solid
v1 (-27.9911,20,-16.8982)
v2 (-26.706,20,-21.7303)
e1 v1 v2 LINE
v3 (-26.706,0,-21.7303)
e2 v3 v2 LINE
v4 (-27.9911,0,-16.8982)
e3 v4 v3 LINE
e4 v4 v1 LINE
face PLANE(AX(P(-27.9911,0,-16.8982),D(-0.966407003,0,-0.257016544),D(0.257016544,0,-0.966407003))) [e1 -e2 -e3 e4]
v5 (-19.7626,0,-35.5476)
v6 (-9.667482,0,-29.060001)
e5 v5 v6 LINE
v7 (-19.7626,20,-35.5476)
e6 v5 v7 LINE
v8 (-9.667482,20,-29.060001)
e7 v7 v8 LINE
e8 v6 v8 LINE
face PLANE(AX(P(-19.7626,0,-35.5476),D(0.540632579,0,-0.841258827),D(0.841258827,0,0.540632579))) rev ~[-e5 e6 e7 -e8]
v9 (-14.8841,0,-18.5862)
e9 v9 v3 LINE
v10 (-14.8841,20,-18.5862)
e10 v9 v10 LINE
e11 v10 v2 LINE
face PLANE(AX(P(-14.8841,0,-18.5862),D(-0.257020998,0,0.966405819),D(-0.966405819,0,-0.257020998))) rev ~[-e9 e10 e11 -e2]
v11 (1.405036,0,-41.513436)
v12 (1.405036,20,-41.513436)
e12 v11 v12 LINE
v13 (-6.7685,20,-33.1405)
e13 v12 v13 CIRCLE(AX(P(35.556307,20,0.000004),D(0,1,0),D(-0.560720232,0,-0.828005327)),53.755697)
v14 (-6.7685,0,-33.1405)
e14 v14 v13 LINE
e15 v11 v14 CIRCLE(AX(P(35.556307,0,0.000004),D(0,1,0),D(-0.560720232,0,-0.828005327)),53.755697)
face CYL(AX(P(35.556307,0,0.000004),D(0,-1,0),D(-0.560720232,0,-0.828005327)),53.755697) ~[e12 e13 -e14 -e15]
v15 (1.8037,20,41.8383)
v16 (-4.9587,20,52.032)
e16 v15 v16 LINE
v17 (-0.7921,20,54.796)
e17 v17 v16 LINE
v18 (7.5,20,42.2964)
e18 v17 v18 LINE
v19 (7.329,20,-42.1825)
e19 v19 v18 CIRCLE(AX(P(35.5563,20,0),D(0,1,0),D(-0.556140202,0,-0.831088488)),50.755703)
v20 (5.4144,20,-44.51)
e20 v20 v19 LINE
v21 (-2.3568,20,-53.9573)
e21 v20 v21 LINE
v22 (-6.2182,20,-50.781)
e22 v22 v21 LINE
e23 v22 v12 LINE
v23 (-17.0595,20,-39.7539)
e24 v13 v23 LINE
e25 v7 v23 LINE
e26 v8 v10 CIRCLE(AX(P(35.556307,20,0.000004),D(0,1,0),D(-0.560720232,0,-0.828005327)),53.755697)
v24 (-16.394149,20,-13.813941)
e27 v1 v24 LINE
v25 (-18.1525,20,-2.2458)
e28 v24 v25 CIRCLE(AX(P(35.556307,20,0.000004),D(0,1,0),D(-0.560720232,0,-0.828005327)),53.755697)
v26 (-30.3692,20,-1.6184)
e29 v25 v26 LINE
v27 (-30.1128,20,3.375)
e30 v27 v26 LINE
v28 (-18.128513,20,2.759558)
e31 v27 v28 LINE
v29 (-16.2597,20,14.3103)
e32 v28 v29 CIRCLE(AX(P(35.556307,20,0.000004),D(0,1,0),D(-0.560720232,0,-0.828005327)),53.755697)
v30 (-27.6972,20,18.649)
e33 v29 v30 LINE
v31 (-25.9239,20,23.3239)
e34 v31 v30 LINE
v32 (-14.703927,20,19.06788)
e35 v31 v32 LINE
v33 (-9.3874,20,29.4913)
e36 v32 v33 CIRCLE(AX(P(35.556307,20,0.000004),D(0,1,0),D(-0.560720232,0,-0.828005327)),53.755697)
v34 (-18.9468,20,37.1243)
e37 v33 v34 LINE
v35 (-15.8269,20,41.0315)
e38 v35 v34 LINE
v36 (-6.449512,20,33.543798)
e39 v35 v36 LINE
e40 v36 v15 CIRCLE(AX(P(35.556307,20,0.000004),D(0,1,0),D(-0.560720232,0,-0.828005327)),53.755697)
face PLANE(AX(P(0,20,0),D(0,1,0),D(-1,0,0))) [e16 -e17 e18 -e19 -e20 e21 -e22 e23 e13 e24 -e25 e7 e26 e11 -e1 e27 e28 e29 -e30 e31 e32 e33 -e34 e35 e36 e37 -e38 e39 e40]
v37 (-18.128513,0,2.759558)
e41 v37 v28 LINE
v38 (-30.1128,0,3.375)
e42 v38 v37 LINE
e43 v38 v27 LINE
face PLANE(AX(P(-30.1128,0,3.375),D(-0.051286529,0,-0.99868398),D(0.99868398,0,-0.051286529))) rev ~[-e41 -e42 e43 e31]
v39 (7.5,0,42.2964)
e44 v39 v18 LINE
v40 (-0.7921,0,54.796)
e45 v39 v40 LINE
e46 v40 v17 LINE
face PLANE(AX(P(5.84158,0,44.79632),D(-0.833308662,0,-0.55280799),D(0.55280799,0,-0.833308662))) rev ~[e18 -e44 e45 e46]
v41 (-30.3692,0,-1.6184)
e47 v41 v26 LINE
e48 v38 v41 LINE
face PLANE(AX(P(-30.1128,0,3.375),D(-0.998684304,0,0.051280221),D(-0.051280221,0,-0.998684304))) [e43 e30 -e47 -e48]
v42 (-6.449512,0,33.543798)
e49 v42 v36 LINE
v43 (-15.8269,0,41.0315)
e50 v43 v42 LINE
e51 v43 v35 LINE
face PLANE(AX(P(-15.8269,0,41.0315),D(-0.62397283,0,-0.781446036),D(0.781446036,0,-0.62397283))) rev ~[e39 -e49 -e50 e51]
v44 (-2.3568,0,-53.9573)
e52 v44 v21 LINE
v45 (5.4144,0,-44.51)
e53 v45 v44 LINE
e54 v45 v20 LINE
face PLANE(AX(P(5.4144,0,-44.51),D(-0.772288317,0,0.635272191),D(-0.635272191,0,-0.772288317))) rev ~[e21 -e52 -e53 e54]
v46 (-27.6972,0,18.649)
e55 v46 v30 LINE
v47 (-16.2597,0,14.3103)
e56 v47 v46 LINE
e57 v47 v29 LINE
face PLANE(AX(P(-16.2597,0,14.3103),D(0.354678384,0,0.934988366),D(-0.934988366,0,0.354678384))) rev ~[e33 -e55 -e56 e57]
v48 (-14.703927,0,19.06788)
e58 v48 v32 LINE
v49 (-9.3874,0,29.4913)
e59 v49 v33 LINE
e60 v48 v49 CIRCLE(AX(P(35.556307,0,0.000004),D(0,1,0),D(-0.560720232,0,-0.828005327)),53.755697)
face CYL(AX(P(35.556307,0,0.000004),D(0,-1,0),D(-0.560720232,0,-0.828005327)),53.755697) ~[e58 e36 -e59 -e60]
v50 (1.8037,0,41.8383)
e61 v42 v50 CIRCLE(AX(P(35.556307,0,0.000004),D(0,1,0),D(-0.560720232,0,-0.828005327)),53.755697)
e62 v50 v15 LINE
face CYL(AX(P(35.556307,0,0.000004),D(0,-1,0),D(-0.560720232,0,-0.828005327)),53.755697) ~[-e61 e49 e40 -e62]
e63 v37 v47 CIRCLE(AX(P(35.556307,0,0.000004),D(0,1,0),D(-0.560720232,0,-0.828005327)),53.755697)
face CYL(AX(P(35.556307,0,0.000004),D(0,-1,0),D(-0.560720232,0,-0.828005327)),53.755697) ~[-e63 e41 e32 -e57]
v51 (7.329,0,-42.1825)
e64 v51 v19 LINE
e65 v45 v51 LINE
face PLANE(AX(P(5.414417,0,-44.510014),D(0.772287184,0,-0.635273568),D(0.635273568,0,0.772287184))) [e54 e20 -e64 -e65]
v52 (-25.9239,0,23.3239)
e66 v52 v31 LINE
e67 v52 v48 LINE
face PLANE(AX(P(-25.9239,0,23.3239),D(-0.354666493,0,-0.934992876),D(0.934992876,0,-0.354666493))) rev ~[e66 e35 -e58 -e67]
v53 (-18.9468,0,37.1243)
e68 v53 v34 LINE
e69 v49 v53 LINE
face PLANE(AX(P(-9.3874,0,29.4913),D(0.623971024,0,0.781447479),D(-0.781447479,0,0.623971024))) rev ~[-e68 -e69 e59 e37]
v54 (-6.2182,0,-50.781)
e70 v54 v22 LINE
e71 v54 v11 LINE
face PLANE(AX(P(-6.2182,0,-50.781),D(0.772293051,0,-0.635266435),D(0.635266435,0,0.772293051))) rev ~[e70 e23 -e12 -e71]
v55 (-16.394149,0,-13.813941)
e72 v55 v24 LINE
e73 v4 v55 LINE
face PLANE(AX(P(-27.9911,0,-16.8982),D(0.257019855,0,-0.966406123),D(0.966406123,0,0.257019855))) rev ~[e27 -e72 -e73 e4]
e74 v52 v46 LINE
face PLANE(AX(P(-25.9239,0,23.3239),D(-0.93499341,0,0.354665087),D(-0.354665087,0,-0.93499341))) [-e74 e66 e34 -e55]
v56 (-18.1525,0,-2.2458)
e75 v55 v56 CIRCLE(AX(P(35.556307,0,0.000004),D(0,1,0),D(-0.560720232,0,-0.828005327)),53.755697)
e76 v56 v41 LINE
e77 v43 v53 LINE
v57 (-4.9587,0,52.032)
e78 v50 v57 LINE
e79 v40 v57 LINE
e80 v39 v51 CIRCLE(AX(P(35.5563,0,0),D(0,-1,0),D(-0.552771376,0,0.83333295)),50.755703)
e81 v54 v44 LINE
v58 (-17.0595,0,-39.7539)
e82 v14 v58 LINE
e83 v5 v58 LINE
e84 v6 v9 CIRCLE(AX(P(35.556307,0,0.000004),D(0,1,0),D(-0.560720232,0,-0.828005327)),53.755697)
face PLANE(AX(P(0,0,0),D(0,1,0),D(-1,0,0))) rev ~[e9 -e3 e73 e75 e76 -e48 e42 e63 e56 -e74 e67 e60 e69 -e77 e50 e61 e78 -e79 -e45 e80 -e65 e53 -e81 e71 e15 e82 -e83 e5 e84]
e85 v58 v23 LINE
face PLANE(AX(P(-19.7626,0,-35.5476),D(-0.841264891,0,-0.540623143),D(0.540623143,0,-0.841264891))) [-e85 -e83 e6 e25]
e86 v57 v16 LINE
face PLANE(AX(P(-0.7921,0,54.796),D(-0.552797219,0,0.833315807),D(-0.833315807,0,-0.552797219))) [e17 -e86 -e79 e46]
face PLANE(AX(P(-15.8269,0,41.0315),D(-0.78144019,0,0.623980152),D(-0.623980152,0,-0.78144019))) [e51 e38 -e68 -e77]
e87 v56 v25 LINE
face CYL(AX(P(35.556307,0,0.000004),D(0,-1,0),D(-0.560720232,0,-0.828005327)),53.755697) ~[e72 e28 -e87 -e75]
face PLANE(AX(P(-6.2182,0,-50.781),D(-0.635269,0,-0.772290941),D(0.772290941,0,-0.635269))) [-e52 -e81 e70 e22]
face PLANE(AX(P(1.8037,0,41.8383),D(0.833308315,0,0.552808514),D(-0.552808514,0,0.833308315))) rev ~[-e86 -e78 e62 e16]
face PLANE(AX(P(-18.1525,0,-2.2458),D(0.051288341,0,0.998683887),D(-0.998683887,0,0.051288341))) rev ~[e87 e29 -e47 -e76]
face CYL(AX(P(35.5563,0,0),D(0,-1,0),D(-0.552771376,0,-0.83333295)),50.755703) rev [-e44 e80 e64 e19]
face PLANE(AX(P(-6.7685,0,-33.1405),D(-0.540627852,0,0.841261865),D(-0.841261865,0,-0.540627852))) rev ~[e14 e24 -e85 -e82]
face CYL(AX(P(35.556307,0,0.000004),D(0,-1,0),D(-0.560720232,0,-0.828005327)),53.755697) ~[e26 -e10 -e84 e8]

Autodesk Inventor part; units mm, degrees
ref_plane "YZ Plane" through (0, 0, 0) normal (1, 0, 0) x (0, 1, 0)
ref_plane "XZ Plane" through (0, 0, 0) normal (0, 1, 0) x (-1, 0, 0)
ref_plane "XY Plane" through (0, 0, 0) normal (0, 0, 1) x (1, 0, 0)
sketch "Sketch1" plane through (0, 0, 0) normal (0, 1, 0) x (-1, 0, 0)
  line L0 (-34.333, 34.6818) -> (-49.333, 34.6818) construction
  line L1 (-34.333, -45.5191) -> (-34.333, 34.6818) construction
  line L2 (-34.333, 34.6818) -> (-49.333, -49.911) construction
  line L3 (-34.333, 34.6818) -> (-34.333, 29.6818) construction
  line L4 (-34.333, 19.6818) -> (-46.333, 19.6818) construction
  line L5 (-46.333, 19.6818) -> (-46.333, 29.6818) construction
  line L6 (-46.333, 29.6818) -> (-34.333, 29.6818) construction
  line L7 (-34.333, 3.6818) -> (-46.333, 3.6818) construction
  line L8 (-46.333, 3.6818) -> (-46.333, 13.6818) construction
  line L9 (-46.333, 13.6818) -> (-34.333, 13.6818) construction
  line L10 (-34.333, -12.3182) -> (-46.333, -12.3182) construction
  line L11 (-46.333, -12.3182) -> (-46.333, -2.3182) construction
  line L12 (-46.333, -2.3182) -> (-34.333, -2.3182) construction
  line L13 (-34.333, -28.3182) -> (-46.333, -28.3182) construction
  line L14 (-46.333, -28.3182) -> (-46.333, -18.3182) construction
  line L15 (-46.333, -18.3182) -> (-34.333, -18.3182) construction
  line L16 (-34.333, -44.3182) -> (-46.333, -44.3182) construction
  line L17 (-46.333, -44.3182) -> (-46.333, -34.3182) construction
  line L18 (-46.333, -34.3182) -> (-34.333, -34.3182) construction
  line L19 (-34.333, -60.3182) -> (-46.333, -60.3182) construction
  line L20 (-46.333, -60.3182) -> (-46.333, -50.3182) construction
  line L21 (-46.333, -50.3182) -> (-34.333, -50.3182) construction
  line L22 (-34.333, 19.6818) -> (-34.333, 13.6818) construction
  line L23 (-34.333, 3.6818) -> (-34.333, -2.3182) construction
  line L24 (-34.333, -12.3182) -> (-34.333, -18.3182) construction
  line L25 (-34.333, -28.3182) -> (-34.333, -34.3182) construction
  arc A0 (-7.5, -42.2964) -> (-7.5, 42.2964) centre (-35.5563, 0) ccw
  line L26 (-49.333, 34.6818) -> (-49.333, -65.3182) construction
  line L27 (-49.333, -65.3182) -> (-34.333, -65.3182) construction
  line L28 (-34.333, -65.3182) -> (-34.333, -60.3182) construction
  line L29 (0.7921, 54.796) -> (-7.5, 42.2964)
  line L30 (0.7921, 54.796) -> (4.9587, 52.032)
  line L31 (-1.8037, 41.8383) -> (4.9587, 52.032)
  line L32 (9.3874, 29.4913) -> (18.9468, 37.1243)
  line L33 (15.8269, 41.0315) -> (18.9468, 37.1243)
  line L34 (15.8269, 41.0315) -> (4.1052, 31.6719)
  line L35 (16.2597, 14.3103) -> (27.6972, 18.649)
  line L36 (25.9239, 23.3239) -> (27.6972, 18.649)
  line L37 (25.9239, 23.3239) -> (11.899, 18.0039)
  line L38 (18.1525, -2.2458) -> (30.3692, -1.6184)
  line L39 (30.1128, 3.375) -> (30.3692, -1.6184)
  line L40 (30.1128, 3.375) -> (15.1325, 2.6057)
  line L41 (14.8841, -18.5862) -> (26.706, -21.7303)
  line L42 (27.9911, -16.8982) -> (26.706, -21.7303)
  line L43 (27.9911, -16.8982) -> (13.495, -13.0429)
  line L44 (6.7685, -33.1405) -> (17.0595, -39.7539)
  line L45 (19.7626, -35.5476) -> (17.0595, -39.7539)
  line L46 (19.7626, -35.5476) -> (7.1437, -27.4381)
  line L47 (-5.4144, -44.51) -> (2.3568, -53.9573)
  line L48 (6.2182, -50.781) -> (2.3568, -53.9573)
  line L49 (6.2182, -50.781) -> (-3.3108, -39.1966)
  arc A1 (-5.4144, -44.51) -> (-5.8417, 44.7964) centre (-35.5563, 0) ccw
  line L50 (2.3568, -53.9573) -> (-7.329, -42.1825)
  point P0 (0, 0)
  point P1 (-34.333, -5.4186)
  point P2 (-1.405, -41.5135)
  point P3 (9.6675, -29.06)
  point P4 (16.3942, -13.814)
  point P5 (18.1286, 2.7595)
  point P6 (14.704, 19.0679)
  point P7 (6.4495, 33.5438)
  point P8 (-7.5, 42.2964)
  dimension "d4" = 5
  dimension "d5" = 10
  dimension "d6" = 12
  dimension "d9" = 16
  dimension "d14" = 10
  dimension "d19" = 100
  dimension "d20" = 3
  dimension "d25" = 5
  dimension "d28" = 107
  dimension "d30" = 17.833
  dimension "d31" = 50.7557
extrude "Extrusion1" add sketch "Sketch1" along normal blind 20
properties part number "pneunet_approximate_test_first_bend"
